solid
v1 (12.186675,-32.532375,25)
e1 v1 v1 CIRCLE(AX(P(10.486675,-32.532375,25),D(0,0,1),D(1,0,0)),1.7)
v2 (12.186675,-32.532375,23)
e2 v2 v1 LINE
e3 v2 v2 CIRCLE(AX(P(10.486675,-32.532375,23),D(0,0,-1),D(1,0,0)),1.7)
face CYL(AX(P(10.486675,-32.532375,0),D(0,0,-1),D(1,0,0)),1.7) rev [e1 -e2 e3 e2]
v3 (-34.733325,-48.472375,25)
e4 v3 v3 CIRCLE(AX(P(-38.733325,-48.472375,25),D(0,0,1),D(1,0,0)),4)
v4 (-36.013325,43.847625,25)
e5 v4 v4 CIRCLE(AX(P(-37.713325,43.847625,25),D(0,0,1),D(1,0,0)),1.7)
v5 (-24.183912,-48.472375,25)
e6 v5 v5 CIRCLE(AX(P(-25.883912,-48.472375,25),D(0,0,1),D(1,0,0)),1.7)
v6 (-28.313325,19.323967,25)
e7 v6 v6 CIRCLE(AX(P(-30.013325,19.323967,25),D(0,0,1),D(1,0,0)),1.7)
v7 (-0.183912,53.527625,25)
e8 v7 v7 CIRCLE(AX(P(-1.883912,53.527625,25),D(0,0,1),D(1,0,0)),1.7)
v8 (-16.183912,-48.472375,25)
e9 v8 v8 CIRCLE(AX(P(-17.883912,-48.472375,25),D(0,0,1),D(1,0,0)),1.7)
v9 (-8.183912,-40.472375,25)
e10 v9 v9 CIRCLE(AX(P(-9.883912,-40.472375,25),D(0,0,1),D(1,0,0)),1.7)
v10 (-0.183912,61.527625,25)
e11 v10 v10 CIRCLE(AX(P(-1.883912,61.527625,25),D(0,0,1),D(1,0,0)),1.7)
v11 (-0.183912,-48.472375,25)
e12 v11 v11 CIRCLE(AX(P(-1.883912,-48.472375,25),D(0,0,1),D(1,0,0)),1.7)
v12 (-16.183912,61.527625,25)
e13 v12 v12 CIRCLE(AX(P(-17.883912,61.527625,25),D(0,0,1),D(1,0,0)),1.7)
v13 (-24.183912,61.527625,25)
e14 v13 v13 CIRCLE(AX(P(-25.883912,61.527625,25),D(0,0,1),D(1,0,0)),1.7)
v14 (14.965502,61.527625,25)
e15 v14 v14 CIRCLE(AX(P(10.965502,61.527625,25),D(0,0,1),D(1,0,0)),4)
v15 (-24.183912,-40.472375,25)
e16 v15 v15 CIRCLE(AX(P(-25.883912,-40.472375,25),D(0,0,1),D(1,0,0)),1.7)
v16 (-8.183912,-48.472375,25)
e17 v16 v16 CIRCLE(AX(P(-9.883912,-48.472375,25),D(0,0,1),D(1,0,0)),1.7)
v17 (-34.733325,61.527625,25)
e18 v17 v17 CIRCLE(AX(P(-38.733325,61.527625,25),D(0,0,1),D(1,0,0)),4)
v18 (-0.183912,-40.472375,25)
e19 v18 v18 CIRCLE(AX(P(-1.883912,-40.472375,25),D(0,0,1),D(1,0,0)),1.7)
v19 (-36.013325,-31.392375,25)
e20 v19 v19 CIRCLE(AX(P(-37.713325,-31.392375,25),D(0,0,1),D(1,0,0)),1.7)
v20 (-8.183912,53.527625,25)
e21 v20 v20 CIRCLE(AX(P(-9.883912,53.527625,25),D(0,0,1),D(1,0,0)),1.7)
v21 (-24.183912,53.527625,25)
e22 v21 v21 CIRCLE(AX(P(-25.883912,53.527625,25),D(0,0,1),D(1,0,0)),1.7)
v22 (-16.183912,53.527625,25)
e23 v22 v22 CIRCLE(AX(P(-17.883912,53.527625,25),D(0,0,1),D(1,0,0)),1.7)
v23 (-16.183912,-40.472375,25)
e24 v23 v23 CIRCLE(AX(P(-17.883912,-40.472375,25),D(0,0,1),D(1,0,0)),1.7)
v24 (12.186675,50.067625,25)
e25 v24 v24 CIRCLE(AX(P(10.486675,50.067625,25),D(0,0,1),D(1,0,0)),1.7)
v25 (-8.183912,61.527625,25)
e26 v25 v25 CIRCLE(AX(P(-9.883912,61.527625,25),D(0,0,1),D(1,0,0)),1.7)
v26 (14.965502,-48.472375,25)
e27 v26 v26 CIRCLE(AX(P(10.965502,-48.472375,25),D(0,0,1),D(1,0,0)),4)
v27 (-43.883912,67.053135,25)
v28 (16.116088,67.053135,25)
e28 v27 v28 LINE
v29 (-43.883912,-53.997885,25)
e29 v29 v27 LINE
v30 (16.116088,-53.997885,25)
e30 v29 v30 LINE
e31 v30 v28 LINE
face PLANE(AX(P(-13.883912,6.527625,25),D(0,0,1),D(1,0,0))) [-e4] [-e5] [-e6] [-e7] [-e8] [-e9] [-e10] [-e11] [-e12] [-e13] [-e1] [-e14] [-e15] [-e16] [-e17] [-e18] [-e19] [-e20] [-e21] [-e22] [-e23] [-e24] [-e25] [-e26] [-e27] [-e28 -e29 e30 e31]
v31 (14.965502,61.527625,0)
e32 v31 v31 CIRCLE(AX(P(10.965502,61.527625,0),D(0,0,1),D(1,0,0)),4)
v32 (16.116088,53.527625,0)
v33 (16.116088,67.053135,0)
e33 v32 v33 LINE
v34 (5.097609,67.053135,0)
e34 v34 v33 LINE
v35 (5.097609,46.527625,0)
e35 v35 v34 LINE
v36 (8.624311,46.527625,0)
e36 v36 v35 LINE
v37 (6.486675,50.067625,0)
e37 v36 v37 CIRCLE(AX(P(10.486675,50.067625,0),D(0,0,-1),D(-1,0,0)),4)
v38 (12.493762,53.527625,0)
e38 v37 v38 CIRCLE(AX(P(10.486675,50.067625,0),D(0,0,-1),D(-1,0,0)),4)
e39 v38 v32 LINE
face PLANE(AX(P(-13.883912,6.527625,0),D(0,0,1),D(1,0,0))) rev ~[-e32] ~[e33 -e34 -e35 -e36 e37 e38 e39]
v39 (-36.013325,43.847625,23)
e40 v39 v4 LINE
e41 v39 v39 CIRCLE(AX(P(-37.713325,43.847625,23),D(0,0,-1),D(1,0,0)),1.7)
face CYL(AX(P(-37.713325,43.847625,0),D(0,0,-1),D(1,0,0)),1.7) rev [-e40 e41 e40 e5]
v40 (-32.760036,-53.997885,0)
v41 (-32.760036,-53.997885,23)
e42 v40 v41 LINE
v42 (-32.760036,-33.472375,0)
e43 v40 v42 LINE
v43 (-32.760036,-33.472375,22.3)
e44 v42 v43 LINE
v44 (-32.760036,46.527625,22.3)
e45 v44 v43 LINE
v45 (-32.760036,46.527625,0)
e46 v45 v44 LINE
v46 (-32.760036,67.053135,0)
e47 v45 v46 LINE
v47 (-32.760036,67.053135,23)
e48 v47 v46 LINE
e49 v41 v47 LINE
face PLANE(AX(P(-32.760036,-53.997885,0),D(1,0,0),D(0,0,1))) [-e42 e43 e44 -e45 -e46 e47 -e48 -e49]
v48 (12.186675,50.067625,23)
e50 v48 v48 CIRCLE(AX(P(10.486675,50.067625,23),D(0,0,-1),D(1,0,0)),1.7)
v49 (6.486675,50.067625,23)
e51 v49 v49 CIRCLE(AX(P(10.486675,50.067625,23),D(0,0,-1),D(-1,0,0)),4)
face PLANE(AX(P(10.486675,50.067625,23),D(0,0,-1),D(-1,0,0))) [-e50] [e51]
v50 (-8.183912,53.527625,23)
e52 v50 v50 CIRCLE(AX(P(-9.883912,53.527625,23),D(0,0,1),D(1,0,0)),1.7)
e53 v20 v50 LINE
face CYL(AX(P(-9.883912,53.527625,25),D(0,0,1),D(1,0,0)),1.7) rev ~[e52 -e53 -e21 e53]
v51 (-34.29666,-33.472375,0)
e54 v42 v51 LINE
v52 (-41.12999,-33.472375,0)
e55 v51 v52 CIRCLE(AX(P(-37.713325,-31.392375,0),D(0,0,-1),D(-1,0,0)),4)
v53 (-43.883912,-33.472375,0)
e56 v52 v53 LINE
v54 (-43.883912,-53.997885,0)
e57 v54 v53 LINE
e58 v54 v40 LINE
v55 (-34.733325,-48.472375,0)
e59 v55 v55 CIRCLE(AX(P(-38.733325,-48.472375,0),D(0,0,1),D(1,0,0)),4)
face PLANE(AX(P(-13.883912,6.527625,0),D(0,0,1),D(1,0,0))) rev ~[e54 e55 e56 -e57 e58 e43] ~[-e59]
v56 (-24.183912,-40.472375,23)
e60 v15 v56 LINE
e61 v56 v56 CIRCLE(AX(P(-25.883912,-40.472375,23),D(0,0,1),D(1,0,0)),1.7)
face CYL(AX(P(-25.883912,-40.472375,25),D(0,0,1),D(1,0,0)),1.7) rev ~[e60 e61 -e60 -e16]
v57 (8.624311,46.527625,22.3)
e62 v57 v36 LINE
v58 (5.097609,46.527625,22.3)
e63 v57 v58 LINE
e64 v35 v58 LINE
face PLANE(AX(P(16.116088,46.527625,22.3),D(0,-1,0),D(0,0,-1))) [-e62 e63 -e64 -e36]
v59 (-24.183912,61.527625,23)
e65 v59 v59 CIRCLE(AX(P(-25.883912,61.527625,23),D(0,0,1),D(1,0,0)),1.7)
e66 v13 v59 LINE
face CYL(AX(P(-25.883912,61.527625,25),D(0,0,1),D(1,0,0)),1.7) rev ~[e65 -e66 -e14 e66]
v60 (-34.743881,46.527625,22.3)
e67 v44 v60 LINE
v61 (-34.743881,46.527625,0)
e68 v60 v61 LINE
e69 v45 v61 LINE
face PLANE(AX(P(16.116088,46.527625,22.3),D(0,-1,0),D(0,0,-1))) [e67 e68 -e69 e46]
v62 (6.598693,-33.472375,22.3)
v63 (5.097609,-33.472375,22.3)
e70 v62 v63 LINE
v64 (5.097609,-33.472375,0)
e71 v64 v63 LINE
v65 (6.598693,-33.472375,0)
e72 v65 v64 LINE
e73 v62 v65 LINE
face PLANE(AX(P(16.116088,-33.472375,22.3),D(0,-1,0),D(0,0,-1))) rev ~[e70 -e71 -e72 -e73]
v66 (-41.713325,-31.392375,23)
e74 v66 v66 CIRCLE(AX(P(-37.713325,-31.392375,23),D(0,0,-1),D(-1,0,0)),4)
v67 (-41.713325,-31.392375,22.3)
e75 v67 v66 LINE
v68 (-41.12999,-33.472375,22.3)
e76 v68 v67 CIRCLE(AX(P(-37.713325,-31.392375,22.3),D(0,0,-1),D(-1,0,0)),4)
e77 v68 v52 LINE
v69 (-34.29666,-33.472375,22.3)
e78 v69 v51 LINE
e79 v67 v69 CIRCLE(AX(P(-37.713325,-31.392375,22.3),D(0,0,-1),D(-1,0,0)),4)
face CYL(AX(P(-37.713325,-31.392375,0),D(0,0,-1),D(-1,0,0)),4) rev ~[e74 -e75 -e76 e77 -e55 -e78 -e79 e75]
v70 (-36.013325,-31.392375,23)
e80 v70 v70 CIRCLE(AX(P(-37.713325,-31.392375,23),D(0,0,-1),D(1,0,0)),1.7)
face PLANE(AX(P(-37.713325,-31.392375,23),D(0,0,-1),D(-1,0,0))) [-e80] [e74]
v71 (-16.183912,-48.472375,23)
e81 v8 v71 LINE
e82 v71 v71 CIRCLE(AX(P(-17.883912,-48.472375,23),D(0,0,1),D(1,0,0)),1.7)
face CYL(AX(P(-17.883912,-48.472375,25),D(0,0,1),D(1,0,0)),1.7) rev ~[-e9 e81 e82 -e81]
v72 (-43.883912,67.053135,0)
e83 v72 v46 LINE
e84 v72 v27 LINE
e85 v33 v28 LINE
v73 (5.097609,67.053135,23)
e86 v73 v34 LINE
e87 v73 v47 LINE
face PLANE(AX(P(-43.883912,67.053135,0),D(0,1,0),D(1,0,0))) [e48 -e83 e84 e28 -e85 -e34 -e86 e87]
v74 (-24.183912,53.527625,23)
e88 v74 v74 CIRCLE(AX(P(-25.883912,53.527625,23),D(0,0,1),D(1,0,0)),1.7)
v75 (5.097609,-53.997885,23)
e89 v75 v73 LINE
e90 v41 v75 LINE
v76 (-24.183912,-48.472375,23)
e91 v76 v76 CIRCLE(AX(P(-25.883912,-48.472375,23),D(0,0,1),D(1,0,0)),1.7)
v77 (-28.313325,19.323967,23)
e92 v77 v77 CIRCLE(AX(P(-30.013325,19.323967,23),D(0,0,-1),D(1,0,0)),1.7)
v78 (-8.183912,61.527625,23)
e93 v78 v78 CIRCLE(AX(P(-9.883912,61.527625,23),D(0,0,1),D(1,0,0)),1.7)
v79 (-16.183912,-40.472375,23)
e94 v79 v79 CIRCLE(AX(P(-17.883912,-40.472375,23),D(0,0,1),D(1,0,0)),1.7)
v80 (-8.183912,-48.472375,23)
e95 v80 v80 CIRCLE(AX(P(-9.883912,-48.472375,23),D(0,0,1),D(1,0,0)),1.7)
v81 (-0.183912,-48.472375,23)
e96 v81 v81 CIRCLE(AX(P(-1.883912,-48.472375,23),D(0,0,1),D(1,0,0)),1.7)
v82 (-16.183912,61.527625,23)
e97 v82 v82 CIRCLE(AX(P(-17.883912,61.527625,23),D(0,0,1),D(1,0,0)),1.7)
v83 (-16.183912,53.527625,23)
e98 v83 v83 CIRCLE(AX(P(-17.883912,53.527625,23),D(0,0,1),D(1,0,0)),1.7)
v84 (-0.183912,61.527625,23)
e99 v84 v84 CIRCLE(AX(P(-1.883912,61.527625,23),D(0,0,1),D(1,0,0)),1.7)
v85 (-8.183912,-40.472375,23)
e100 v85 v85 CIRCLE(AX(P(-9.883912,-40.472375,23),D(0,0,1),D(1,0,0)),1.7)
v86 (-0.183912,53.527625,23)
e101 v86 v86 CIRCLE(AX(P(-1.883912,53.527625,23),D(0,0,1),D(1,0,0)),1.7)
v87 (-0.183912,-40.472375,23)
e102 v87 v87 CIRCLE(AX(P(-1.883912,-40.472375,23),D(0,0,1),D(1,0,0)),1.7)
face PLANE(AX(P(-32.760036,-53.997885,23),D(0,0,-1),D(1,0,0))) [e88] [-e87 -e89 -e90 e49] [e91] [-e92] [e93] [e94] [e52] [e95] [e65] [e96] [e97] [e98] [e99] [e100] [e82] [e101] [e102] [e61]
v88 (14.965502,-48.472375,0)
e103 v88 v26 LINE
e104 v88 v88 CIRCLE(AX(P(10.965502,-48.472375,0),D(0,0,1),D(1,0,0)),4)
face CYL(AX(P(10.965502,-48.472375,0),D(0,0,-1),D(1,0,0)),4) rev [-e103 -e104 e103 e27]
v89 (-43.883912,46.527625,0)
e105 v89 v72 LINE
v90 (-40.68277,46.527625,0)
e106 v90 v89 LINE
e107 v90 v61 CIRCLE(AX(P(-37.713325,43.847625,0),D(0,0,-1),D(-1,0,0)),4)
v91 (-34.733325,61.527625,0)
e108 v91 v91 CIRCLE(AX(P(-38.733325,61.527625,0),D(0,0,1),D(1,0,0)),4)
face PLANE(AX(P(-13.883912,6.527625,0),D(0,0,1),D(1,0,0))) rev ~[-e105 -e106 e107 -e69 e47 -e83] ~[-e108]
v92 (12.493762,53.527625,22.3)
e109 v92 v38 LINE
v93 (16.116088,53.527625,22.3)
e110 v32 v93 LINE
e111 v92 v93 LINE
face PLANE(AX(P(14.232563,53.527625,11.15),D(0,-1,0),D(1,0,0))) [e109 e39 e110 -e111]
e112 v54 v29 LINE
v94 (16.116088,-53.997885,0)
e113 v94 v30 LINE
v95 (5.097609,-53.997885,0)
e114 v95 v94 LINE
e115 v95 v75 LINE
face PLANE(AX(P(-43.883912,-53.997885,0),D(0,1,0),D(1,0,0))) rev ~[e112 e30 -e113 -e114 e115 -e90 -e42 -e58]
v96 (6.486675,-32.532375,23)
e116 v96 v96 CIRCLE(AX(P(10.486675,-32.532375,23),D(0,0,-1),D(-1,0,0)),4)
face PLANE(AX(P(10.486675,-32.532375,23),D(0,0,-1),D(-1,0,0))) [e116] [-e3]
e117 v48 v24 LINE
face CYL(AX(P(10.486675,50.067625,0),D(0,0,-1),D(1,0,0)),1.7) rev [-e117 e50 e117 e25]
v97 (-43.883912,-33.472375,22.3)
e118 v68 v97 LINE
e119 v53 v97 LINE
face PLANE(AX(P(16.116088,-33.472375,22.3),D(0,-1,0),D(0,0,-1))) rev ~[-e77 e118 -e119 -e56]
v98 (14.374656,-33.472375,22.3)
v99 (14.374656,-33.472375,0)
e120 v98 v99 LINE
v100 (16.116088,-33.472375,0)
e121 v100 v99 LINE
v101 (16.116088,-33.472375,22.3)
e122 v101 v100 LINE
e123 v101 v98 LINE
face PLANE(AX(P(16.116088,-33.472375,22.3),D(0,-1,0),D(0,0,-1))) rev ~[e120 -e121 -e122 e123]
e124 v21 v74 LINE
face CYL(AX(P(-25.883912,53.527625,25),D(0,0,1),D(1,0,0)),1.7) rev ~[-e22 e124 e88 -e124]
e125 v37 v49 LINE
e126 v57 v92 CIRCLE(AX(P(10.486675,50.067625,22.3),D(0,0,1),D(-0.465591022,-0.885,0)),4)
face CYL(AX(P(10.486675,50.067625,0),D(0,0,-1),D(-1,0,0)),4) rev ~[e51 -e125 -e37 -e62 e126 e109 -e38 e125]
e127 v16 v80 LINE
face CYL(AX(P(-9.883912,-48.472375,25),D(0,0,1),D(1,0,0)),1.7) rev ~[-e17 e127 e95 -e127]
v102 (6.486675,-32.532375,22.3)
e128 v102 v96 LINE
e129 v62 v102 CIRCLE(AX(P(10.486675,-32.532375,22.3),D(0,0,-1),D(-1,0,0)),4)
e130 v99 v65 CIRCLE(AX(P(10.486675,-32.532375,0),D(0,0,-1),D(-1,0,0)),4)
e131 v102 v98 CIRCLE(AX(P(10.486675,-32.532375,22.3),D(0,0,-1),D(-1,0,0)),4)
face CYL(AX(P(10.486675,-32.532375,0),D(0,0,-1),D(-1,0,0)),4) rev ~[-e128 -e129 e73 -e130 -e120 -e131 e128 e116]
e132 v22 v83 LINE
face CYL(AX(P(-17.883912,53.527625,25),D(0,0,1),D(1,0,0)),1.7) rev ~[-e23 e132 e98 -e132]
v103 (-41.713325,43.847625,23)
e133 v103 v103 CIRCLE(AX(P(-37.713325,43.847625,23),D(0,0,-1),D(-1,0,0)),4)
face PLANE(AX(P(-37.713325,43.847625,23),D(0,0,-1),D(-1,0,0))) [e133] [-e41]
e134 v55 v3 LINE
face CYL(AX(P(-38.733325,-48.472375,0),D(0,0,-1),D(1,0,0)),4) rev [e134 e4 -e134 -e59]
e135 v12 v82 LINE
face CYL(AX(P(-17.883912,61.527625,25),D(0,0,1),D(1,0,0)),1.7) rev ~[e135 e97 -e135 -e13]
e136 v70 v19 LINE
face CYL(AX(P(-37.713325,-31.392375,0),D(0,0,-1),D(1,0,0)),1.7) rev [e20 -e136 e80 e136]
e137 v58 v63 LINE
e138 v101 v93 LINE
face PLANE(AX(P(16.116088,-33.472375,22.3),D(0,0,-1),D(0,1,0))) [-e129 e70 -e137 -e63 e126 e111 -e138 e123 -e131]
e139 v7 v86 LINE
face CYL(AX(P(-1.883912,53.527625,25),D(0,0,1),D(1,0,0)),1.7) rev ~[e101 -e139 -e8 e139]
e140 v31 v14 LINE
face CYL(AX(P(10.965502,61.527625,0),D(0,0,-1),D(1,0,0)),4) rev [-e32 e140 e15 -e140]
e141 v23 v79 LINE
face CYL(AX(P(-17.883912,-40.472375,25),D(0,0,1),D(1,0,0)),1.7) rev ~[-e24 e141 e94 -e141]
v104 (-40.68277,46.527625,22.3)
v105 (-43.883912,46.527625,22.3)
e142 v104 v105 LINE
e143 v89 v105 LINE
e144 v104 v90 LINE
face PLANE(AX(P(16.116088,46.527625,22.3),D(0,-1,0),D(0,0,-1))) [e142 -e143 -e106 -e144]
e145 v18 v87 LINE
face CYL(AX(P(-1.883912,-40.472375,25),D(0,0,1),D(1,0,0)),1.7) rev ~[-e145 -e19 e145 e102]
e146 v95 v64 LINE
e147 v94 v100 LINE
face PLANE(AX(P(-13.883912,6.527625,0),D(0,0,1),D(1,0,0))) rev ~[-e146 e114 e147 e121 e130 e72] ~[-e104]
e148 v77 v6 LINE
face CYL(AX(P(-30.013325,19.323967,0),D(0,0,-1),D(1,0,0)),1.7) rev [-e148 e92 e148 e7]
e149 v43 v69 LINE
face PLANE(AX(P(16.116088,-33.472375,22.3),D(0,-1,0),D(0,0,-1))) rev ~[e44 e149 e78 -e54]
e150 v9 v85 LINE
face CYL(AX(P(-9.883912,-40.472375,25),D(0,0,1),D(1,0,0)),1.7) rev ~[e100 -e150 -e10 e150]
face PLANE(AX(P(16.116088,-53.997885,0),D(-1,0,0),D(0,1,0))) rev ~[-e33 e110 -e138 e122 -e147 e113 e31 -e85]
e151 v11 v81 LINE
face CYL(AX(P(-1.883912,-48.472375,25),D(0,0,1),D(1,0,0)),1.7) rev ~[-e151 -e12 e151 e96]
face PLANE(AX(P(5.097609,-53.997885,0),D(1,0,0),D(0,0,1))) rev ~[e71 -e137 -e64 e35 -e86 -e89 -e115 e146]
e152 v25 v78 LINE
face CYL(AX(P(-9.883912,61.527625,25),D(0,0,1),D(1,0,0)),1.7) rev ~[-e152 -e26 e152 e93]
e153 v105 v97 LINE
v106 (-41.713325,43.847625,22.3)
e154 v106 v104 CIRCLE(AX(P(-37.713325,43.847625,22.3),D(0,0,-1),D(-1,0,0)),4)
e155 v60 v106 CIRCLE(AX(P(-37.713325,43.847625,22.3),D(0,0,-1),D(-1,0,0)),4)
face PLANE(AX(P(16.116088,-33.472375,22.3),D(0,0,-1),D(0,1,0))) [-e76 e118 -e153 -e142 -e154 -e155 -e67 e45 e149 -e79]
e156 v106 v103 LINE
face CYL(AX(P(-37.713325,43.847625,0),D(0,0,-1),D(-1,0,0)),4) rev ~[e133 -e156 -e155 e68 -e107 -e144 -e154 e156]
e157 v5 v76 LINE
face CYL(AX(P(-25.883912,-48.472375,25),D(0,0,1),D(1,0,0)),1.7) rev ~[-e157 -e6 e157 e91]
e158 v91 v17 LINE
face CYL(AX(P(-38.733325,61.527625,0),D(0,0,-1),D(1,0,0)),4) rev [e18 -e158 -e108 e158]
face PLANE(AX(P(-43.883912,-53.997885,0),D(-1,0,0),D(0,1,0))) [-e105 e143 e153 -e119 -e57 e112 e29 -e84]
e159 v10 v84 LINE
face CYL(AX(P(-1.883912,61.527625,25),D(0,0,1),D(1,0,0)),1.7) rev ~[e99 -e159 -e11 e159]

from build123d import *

# Parameters (mm, degrees)
ESQUISSE1_W                  = 60
ESQUISSE1_H                  = 121.051019192
ESQUISSE1_R                  = 4
ESQUISSE1_R_2                = 1.7
BOSS_EXTRU_1_DEPTH           = 25
ESQUISSE2_W                  = 22.3
ESQUISSE2_H                  = 80
ENL_V_MAT_EXTRU_1_DEPTH      = 1
ENL_V_MAT_EXTRU_1_DEPTH_BACK = 61
ESQUISSE3_R                  = 4
ENL_V_MAT_EXTRU_2_DEPTH      = 23
ESQUISSE4_W                  = 37.857644836
ESQUISSE4_H                  = 23
ENL_V_MAT_EXTRU_3_DEPTH      = 142
ESQUISSE5_R                  = 1.7
ENL_V_MAT_EXTRU_4_DEPTH      = 5
ESQUISSE6_W                  = 3.767049496
ESQUISSE6_H                  = 22.3
ENL_V_MAT_EXTRU_5_DEPTH      = 7


with BuildPart() as part:
    # Esquisse1 → Boss.-Extru.1 (new body)
    with BuildSketch(Plane.XY):
        with Locations((-13.883911806, 6.527624962)):
            Rectangle(ESQUISSE1_W, ESQUISSE1_H)
        with Locations((-38.733325391, -48.472375038)):
            Circle(ESQUISSE1_R, mode=Mode.SUBTRACT)
        with Locations((10.965501778, -48.472375038)):
            Circle(ESQUISSE1_R, mode=Mode.SUBTRACT)
        with Locations((10.965501778, 61.527624962)):
            Circle(ESQUISSE1_R, mode=Mode.SUBTRACT)
        with Locations((-38.733325391, 61.527624962)):
            Circle(ESQUISSE1_R, mode=Mode.SUBTRACT)
        with Locations((10.486674609, -32.532375038)):
            Circle(ESQUISSE1_R_2, mode=Mode.SUBTRACT)
        with Locations((10.486674609, 50.067624962)):
            Circle(ESQUISSE1_R_2, mode=Mode.SUBTRACT)
        with Locations((-30.013325391, 19.323966875)):
            Circle(ESQUISSE1_R_2, mode=Mode.SUBTRACT)
        with Locations((-37.713325391, -31.392375038)):
            Circle(ESQUISSE1_R_2, mode=Mode.SUBTRACT)
        with Locations((-37.713325391, 43.847624962)):
            Circle(ESQUISSE1_R_2, mode=Mode.SUBTRACT)
    extrude(amount=BOSS_EXTRU_1_DEPTH)

    # Esquisse2 → Enlèv. mat.-Extru.1 (cut, two sides)
    with BuildSketch(Plane(origin=(16.116088194, 0, 0), x_dir=(0, 0, -1), z_dir=(1, 0, 0))) as enl_v_mat_extru_1_sk:
        with Locations((-11.15, 6.527624962)):
            Rectangle(ESQUISSE2_W, ESQUISSE2_H)
    extrude(amount=ENL_V_MAT_EXTRU_1_DEPTH, mode=Mode.SUBTRACT)
    extrude(enl_v_mat_extru_1_sk.sketch, amount=-ENL_V_MAT_EXTRU_1_DEPTH_BACK, mode=Mode.SUBTRACT)

    # Esquisse3 → Enlèv. mat.-Extru.2 (cut)
    with BuildSketch(Plane(origin=(0, 0, 0), x_dir=(-1, 0, 0), z_dir=(0, 0, -1))):
        with Locations((-10.486674609, -32.532375038)):
            Circle(ESQUISSE3_R)
        with Locations((37.713325391, -31.392375038)):
            Circle(ESQUISSE3_R)
        with Locations((-10.486674609, 50.067624962)):
            Circle(ESQUISSE3_R)
        with Locations((37.713325391, 43.847624962)):
            Circle(ESQUISSE3_R)
    extrude(amount=-ENL_V_MAT_EXTRU_2_DEPTH, mode=Mode.SUBTRACT)

    # Esquisse4 → Enlèv. mat.-Extru.3 (cut)
    with BuildSketch(Plane.XZ.offset(53.997884634)):
        with Locations((-13.831213491, 11.5)):
            Rectangle(ESQUISSE4_W, ESQUISSE4_H)
    extrude(amount=-ENL_V_MAT_EXTRU_3_DEPTH, mode=Mode.SUBTRACT)

    # Esquisse5 → Enlèv. mat.-Extru.4 (cut)
    with BuildSketch(Plane.XY.offset(25)):
        with Locations((-9.883911806, 61.527624962)):
            Circle(ESQUISSE5_R)
        with Locations((-1.883911806, 61.527624962)):
            Circle(ESQUISSE5_R)
        with Locations((-1.883911806, 53.527624962)):
            Circle(ESQUISSE5_R)
        with Locations((-9.883911806, 53.527624962)):
            Circle(ESQUISSE5_R)
        with Locations((-17.883911806, 53.527624962)):
            Circle(ESQUISSE5_R)
        with Locations((-25.883911806, 53.527624962)):
            Circle(ESQUISSE5_R)
        with Locations((-25.883911806, 61.527624962)):
            Circle(ESQUISSE5_R)
        with Locations((-17.883911806, 61.527624962)):
            Circle(ESQUISSE5_R)
        with Locations((-17.883911806, -48.472375038)):
            Circle(ESQUISSE5_R)
        with Locations((-25.883911806, -48.472375038)):
            Circle(ESQUISSE5_R)
        with Locations((-25.883911806, -40.472375038)):
            Circle(ESQUISSE5_R)
        with Locations((-17.883911806, -40.472375038)):
            Circle(ESQUISSE5_R)
        with Locations((-9.883911806, -40.472375038)):
            Circle(ESQUISSE5_R)
        with Locations((-1.883911806, -40.472375038)):
            Circle(ESQUISSE5_R)
        with Locations((-1.883911806, -48.472375038)):
            Circle(ESQUISSE5_R)
        with Locations((-9.883911806, -48.472375038)):
            Circle(ESQUISSE5_R)
    extrude(amount=-ENL_V_MAT_EXTRU_4_DEPTH, mode=Mode.SUBTRACT)

    # Esquisse6 → Enlèv. mat.-Extru.5 (cut)
    with BuildSketch(Plane.XZ.offset(-46.527624962)):
        with Locations((14.232563446, 11.15)):
            Rectangle(ESQUISSE6_W, ESQUISSE6_H)
    extrude(amount=-ENL_V_MAT_EXTRU_5_DEPTH, mode=Mode.SUBTRACT)


solid = part.part
